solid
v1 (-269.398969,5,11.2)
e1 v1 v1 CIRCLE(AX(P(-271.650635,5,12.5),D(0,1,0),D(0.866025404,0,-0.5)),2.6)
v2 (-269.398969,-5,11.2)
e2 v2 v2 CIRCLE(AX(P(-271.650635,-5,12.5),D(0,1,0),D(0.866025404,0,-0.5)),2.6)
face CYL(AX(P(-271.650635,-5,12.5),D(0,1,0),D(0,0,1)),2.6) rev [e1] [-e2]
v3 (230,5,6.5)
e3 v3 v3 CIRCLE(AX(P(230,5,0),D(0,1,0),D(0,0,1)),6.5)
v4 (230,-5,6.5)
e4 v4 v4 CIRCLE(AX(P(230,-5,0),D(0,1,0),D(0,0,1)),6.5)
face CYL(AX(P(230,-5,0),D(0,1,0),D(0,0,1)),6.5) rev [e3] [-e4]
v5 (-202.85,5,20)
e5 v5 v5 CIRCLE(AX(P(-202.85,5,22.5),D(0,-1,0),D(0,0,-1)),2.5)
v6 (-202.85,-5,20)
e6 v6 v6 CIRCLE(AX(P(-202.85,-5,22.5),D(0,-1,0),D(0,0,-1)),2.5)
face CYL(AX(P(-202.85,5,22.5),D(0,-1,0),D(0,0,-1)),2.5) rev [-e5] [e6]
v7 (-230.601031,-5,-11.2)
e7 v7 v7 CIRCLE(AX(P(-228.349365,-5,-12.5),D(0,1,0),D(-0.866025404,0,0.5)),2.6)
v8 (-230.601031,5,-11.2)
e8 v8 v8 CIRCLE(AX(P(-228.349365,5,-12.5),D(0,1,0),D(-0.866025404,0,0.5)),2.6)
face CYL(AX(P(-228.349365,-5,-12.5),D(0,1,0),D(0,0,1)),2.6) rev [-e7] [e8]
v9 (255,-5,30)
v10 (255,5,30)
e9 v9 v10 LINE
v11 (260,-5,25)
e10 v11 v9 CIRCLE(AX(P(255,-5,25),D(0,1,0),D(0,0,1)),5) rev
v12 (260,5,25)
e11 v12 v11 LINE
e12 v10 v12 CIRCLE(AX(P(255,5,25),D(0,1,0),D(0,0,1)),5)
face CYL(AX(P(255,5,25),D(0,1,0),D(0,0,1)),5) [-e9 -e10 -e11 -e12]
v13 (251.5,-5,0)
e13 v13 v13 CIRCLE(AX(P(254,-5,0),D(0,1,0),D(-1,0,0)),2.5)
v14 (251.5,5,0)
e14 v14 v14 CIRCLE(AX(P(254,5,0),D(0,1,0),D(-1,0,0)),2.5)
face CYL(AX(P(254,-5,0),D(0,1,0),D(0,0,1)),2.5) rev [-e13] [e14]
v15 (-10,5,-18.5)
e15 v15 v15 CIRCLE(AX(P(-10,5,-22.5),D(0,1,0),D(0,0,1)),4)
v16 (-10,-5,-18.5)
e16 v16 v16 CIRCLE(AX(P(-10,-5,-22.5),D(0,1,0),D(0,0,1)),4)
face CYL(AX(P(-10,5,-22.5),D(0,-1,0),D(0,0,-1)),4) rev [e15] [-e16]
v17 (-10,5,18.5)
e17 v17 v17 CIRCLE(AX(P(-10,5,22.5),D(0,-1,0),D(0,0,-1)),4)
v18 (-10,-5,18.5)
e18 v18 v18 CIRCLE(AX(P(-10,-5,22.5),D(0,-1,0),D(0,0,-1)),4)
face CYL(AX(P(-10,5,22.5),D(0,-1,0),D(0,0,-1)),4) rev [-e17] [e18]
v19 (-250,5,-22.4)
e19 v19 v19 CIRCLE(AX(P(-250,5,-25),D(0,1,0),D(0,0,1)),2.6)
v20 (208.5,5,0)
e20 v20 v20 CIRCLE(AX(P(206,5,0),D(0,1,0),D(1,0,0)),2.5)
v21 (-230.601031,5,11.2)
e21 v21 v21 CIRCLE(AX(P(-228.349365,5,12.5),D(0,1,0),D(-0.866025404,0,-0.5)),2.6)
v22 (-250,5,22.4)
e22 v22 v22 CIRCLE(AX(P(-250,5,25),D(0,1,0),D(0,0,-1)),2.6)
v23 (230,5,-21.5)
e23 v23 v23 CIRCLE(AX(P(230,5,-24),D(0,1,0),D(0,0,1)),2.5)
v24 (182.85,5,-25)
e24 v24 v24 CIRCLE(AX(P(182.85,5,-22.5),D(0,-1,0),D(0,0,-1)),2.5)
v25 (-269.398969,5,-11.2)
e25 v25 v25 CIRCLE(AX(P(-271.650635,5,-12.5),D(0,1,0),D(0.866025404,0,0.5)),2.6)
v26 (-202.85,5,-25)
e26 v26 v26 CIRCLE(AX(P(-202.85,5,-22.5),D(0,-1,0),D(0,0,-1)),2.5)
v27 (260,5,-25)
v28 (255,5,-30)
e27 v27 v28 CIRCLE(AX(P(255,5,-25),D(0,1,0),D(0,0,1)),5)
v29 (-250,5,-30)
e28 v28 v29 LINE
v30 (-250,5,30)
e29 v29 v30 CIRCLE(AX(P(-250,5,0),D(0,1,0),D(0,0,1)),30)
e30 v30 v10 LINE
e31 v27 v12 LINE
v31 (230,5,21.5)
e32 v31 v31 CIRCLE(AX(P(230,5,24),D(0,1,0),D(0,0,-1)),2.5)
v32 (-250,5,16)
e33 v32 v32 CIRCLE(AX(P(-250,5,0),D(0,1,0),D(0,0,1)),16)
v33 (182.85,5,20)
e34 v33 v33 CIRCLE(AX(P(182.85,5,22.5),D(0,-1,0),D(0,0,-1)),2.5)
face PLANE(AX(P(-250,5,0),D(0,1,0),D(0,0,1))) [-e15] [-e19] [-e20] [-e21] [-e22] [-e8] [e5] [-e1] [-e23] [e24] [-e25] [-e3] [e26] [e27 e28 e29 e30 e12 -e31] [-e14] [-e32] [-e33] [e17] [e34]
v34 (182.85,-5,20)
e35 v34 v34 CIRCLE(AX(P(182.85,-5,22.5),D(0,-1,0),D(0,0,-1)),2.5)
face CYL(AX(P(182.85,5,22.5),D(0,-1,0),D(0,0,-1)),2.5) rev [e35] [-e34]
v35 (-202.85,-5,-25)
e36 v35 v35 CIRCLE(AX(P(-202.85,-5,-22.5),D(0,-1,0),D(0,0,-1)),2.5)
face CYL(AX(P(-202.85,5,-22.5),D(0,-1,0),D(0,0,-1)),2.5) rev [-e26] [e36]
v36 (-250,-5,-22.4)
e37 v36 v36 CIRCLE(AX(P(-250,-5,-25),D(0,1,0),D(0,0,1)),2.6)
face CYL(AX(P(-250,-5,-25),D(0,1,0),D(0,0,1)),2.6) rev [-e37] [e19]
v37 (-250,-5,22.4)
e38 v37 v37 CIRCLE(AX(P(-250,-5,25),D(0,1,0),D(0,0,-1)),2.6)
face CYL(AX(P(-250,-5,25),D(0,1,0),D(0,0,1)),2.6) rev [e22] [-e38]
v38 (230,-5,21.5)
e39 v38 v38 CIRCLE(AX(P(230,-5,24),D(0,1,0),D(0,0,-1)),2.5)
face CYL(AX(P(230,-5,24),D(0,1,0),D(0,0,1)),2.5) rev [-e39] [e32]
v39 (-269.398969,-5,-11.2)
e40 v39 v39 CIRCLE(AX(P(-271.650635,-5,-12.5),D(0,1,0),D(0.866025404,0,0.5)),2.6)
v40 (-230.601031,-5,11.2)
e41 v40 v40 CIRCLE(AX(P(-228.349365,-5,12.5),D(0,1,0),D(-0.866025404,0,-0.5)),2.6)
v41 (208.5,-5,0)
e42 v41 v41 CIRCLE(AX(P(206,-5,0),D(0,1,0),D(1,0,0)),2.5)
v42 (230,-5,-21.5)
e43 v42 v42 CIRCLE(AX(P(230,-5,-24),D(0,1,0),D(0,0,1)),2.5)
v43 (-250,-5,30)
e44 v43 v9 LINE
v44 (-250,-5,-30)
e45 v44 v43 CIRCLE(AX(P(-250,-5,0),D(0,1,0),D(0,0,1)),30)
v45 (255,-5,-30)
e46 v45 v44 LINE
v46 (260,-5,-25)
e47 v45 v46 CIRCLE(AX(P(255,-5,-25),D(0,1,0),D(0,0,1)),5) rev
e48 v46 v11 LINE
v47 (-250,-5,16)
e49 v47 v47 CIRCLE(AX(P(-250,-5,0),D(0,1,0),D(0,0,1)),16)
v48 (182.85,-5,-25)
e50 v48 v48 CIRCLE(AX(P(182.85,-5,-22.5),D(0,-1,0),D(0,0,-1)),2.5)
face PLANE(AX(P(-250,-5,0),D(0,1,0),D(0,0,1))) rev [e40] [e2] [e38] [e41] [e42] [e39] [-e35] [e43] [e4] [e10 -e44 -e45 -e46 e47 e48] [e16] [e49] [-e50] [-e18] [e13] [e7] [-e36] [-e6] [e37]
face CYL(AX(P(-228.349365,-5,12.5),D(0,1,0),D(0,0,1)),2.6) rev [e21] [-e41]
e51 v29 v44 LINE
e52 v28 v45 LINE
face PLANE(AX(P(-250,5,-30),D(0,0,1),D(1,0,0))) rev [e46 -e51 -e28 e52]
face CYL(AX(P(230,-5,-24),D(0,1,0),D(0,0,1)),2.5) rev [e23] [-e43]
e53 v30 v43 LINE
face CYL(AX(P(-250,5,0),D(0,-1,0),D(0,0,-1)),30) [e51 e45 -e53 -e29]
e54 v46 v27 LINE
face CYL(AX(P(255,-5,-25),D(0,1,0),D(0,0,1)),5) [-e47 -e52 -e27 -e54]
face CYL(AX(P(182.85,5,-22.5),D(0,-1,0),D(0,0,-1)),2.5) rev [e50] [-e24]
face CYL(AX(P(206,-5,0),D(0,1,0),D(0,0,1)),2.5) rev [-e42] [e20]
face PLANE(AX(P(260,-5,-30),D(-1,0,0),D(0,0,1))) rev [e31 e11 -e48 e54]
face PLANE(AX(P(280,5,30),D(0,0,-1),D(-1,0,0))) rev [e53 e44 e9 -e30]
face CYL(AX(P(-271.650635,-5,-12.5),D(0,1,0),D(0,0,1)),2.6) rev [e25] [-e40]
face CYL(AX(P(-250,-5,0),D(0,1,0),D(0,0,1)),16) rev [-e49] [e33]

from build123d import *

# Parameters (mm, degrees)
SALIENTE_EXTRUIR1_DEPTH = 5
CROQUIS2_R              = 16
CORTAR_EXTRUIR1_DEPTH   = 10
CROQUIS4_R              = 2.6
CORTAR_EXTRUIR2_DEPTH   = 10
MATRIZC1_COUNT          = 6
REDONDEO1_R             = 10
CROQUIS5_R              = 16
CORTAR_EXTRUIR3_DEPTH   = 282.780056072
CORTAR_EXTRUIR4_DEPTH   = 282.780056072
REDONDEO2_R             = 5
CROQUIS7_R              = 2.5
CORTAR_EXTRUIR5_DEPTH   = 10
CROQUIS8_R              = 2.5
CORTAR_EXTRUIR6_DEPTH   = 282.780056072
SKETCH1_R               = 4
CUT_EXTRUDE1_DEPTH      = 10
SKETCH2_R               = 2.5
CUT_EXTRUDE2_DEPTH      = 282.780056072
CIRPATTERN1_COUNT       = 4
SKETCH3_R               = 16
SKETCH3_R_2             = 6.5
BOSS_EXTRUDE1_DEPTH     = 10


with BuildPart() as part:
    # Croquis1 → Saliente-Extruir1 (new, symmetric)
    with BuildSketch(Plane(origin=(0, 0, 0), x_dir=(1, 0, 0), z_dir=(0, 1, 0))):
        with BuildLine():
            Line((-250, 30), (250, 30))
            Line((250, 30), (280, 30))
            Line((280, 30), (280, 0))
            Line((280, 0), (280, -30))
            Line((280, -30), (250, -30))
            Line((250, -30), (-250, -30))
            ThreePointArc((-250, -30), (-280, 0), (-250, 30))
        make_face()
    extrude(amount=SALIENTE_EXTRUIR1_DEPTH, both=True)

    # Croquis2 → Cortar-Extruir1 (cut)
    with BuildSketch(Plane(origin=(0, 5, 0), x_dir=(1, 0, 0), z_dir=(0, 1, 0))):
        with Locations(Location((-250, 0, 0), (0, 0, 270))):
            Circle(CROQUIS2_R)
    extrude(amount=-CORTAR_EXTRUIR1_DEPTH, mode=Mode.SUBTRACT)

    # Croquis4 → Cortar-Extruir2 (cut)
    with BuildSketch(Plane(origin=(0, 5, 0), x_dir=(1, 0, 0), z_dir=(0, 1, 0))):
        with Locations(Location((-250, 25, 0), (0, 0, 270))):
            Circle(CROQUIS4_R)
    cortar_extruir2 = extrude(amount=-CORTAR_EXTRUIR2_DEPTH, mode=Mode.SUBTRACT)

    # MatrizC1: Cortar-Extruir2 ×6 about axis
    matrizc1_axis = Axis((-250, 0, 0), (0, 1, 0))
    for i in range(1, MATRIZC1_COUNT):
        add(cortar_extruir2.rotate(matrizc1_axis, i * 360 / MATRIZC1_COUNT), mode=Mode.SUBTRACT)

    # Redondeo1
    redondeo1_edges = [part.edges().sort_by_distance(p)[0] for p in [
        (280, 0, -30),
        (280, 0, 30),
    ]]
    fillet(redondeo1_edges, radius=REDONDEO1_R)

    # Croquis5 → Cortar-Extruir3 (cut, through all)
    with BuildSketch(Plane(origin=(0, 5, 0), x_dir=(1, 0, 0), z_dir=(0, 1, 0))):
        with Locations(Location((230, 0, 0), (0, 0, 270))):
            Circle(CROQUIS5_R)
    extrude(amount=-CORTAR_EXTRUIR3_DEPTH, mode=Mode.SUBTRACT)

    # Croquis6 → Cortar-Extruir4 (cut, through all)
    with BuildSketch(Plane(origin=(0, 5, 0), x_dir=(1, 0, 0), z_dir=(0, 1, 0))):
        with BuildLine():
            Line((260, 30), (260, -30))
            Line((260, -30), (270, -30))
            ThreePointArc((270, -30), (277.071067812, -27.071067812), (280, -20))
            Line((280, -20), (280, 20))
            ThreePointArc((280, 20), (277.071067812, 27.071067812), (270, 30))
            Line((270, 30), (260, 30))
        make_face()
    extrude(amount=-CORTAR_EXTRUIR4_DEPTH, mode=Mode.SUBTRACT)

    # Redondeo2
    redondeo2_edges = [part.edges().sort_by_distance(p)[0] for p in [
        (260, 0, 30),
        (260, 0, -30),
    ]]
    fillet(redondeo2_edges, radius=REDONDEO2_R)

    # Croquis7 → Cortar-Extruir5 (cut)
    with BuildSketch(Plane.XZ.offset(5)):
        with Locations(Location((182.85, -22.5, 0), (0, 0, 270))):
            Circle(CROQUIS7_R)
        with Locations(Location((182.85, 22.5, 0), (0, 0, 270))):
            Circle(CROQUIS7_R)
    extrude(amount=-CORTAR_EXTRUIR5_DEPTH, mode=Mode.SUBTRACT)

    # Croquis8 → Cortar-Extruir6 (cut, through all)
    with BuildSketch(Plane.XZ.offset(5)):
        with Locations(Location((-202.85, -22.5, 0), (0, 0, 270))):
            Circle(CROQUIS8_R)
        with Locations(Location((-202.85, 22.5, 0), (0, 0, 270))):
            Circle(CROQUIS8_R)
    extrude(amount=-CORTAR_EXTRUIR6_DEPTH, mode=Mode.SUBTRACT)

    # Sketch1 → Cut-Extrude1 (cut)
    with BuildSketch(Plane(origin=(0, -5, 0), x_dir=(-1, 0, 0), z_dir=(0, -1, 0))):
        with Locations(Location((10, -22.5, 0), (0, 0, 90))):
            Circle(SKETCH1_R)
    cut_extrude1 = extrude(amount=-CUT_EXTRUDE1_DEPTH, mode=Mode.SUBTRACT)

    # Mirror1: Cut-Extrude1 across plane
    add(cut_extrude1.mirror(Plane.XY), mode=Mode.SUBTRACT)

    # Sketch2 → Cut-Extrude2 (cut, through all)
    with BuildSketch(Plane(origin=(0, 5, 0), x_dir=(1, 0, 0), z_dir=(0, 1, 0))):
        with Locations(Location((230, 24, 0), (0, 0, 270))):
            Circle(SKETCH2_R)
    cut_extrude2 = extrude(amount=-CUT_EXTRUDE2_DEPTH, mode=Mode.SUBTRACT)

    # CirPattern1: Cut-Extrude2 ×4 about axis
    cirpattern1_axis = Axis((230, 0, 0), (0, 1, 0))
    for i in range(1, CIRPATTERN1_COUNT):
        add(cut_extrude2.rotate(cirpattern1_axis, i * 360 / CIRPATTERN1_COUNT), mode=Mode.SUBTRACT)

    # Sketch3 → Boss-Extrude1 (add)
    with BuildSketch(Plane(origin=(0, 5, 0), x_dir=(1, 0, 0), z_dir=(0, 1, 0))):
        with Locations((230, 0)):
            Circle(SKETCH3_R)
        with Locations(Location((230, 0, 0), (0, 0, 270))):
            Circle(SKETCH3_R_2, mode=Mode.SUBTRACT)
    extrude(amount=-BOSS_EXTRUDE1_DEPTH)


solid = part.part
